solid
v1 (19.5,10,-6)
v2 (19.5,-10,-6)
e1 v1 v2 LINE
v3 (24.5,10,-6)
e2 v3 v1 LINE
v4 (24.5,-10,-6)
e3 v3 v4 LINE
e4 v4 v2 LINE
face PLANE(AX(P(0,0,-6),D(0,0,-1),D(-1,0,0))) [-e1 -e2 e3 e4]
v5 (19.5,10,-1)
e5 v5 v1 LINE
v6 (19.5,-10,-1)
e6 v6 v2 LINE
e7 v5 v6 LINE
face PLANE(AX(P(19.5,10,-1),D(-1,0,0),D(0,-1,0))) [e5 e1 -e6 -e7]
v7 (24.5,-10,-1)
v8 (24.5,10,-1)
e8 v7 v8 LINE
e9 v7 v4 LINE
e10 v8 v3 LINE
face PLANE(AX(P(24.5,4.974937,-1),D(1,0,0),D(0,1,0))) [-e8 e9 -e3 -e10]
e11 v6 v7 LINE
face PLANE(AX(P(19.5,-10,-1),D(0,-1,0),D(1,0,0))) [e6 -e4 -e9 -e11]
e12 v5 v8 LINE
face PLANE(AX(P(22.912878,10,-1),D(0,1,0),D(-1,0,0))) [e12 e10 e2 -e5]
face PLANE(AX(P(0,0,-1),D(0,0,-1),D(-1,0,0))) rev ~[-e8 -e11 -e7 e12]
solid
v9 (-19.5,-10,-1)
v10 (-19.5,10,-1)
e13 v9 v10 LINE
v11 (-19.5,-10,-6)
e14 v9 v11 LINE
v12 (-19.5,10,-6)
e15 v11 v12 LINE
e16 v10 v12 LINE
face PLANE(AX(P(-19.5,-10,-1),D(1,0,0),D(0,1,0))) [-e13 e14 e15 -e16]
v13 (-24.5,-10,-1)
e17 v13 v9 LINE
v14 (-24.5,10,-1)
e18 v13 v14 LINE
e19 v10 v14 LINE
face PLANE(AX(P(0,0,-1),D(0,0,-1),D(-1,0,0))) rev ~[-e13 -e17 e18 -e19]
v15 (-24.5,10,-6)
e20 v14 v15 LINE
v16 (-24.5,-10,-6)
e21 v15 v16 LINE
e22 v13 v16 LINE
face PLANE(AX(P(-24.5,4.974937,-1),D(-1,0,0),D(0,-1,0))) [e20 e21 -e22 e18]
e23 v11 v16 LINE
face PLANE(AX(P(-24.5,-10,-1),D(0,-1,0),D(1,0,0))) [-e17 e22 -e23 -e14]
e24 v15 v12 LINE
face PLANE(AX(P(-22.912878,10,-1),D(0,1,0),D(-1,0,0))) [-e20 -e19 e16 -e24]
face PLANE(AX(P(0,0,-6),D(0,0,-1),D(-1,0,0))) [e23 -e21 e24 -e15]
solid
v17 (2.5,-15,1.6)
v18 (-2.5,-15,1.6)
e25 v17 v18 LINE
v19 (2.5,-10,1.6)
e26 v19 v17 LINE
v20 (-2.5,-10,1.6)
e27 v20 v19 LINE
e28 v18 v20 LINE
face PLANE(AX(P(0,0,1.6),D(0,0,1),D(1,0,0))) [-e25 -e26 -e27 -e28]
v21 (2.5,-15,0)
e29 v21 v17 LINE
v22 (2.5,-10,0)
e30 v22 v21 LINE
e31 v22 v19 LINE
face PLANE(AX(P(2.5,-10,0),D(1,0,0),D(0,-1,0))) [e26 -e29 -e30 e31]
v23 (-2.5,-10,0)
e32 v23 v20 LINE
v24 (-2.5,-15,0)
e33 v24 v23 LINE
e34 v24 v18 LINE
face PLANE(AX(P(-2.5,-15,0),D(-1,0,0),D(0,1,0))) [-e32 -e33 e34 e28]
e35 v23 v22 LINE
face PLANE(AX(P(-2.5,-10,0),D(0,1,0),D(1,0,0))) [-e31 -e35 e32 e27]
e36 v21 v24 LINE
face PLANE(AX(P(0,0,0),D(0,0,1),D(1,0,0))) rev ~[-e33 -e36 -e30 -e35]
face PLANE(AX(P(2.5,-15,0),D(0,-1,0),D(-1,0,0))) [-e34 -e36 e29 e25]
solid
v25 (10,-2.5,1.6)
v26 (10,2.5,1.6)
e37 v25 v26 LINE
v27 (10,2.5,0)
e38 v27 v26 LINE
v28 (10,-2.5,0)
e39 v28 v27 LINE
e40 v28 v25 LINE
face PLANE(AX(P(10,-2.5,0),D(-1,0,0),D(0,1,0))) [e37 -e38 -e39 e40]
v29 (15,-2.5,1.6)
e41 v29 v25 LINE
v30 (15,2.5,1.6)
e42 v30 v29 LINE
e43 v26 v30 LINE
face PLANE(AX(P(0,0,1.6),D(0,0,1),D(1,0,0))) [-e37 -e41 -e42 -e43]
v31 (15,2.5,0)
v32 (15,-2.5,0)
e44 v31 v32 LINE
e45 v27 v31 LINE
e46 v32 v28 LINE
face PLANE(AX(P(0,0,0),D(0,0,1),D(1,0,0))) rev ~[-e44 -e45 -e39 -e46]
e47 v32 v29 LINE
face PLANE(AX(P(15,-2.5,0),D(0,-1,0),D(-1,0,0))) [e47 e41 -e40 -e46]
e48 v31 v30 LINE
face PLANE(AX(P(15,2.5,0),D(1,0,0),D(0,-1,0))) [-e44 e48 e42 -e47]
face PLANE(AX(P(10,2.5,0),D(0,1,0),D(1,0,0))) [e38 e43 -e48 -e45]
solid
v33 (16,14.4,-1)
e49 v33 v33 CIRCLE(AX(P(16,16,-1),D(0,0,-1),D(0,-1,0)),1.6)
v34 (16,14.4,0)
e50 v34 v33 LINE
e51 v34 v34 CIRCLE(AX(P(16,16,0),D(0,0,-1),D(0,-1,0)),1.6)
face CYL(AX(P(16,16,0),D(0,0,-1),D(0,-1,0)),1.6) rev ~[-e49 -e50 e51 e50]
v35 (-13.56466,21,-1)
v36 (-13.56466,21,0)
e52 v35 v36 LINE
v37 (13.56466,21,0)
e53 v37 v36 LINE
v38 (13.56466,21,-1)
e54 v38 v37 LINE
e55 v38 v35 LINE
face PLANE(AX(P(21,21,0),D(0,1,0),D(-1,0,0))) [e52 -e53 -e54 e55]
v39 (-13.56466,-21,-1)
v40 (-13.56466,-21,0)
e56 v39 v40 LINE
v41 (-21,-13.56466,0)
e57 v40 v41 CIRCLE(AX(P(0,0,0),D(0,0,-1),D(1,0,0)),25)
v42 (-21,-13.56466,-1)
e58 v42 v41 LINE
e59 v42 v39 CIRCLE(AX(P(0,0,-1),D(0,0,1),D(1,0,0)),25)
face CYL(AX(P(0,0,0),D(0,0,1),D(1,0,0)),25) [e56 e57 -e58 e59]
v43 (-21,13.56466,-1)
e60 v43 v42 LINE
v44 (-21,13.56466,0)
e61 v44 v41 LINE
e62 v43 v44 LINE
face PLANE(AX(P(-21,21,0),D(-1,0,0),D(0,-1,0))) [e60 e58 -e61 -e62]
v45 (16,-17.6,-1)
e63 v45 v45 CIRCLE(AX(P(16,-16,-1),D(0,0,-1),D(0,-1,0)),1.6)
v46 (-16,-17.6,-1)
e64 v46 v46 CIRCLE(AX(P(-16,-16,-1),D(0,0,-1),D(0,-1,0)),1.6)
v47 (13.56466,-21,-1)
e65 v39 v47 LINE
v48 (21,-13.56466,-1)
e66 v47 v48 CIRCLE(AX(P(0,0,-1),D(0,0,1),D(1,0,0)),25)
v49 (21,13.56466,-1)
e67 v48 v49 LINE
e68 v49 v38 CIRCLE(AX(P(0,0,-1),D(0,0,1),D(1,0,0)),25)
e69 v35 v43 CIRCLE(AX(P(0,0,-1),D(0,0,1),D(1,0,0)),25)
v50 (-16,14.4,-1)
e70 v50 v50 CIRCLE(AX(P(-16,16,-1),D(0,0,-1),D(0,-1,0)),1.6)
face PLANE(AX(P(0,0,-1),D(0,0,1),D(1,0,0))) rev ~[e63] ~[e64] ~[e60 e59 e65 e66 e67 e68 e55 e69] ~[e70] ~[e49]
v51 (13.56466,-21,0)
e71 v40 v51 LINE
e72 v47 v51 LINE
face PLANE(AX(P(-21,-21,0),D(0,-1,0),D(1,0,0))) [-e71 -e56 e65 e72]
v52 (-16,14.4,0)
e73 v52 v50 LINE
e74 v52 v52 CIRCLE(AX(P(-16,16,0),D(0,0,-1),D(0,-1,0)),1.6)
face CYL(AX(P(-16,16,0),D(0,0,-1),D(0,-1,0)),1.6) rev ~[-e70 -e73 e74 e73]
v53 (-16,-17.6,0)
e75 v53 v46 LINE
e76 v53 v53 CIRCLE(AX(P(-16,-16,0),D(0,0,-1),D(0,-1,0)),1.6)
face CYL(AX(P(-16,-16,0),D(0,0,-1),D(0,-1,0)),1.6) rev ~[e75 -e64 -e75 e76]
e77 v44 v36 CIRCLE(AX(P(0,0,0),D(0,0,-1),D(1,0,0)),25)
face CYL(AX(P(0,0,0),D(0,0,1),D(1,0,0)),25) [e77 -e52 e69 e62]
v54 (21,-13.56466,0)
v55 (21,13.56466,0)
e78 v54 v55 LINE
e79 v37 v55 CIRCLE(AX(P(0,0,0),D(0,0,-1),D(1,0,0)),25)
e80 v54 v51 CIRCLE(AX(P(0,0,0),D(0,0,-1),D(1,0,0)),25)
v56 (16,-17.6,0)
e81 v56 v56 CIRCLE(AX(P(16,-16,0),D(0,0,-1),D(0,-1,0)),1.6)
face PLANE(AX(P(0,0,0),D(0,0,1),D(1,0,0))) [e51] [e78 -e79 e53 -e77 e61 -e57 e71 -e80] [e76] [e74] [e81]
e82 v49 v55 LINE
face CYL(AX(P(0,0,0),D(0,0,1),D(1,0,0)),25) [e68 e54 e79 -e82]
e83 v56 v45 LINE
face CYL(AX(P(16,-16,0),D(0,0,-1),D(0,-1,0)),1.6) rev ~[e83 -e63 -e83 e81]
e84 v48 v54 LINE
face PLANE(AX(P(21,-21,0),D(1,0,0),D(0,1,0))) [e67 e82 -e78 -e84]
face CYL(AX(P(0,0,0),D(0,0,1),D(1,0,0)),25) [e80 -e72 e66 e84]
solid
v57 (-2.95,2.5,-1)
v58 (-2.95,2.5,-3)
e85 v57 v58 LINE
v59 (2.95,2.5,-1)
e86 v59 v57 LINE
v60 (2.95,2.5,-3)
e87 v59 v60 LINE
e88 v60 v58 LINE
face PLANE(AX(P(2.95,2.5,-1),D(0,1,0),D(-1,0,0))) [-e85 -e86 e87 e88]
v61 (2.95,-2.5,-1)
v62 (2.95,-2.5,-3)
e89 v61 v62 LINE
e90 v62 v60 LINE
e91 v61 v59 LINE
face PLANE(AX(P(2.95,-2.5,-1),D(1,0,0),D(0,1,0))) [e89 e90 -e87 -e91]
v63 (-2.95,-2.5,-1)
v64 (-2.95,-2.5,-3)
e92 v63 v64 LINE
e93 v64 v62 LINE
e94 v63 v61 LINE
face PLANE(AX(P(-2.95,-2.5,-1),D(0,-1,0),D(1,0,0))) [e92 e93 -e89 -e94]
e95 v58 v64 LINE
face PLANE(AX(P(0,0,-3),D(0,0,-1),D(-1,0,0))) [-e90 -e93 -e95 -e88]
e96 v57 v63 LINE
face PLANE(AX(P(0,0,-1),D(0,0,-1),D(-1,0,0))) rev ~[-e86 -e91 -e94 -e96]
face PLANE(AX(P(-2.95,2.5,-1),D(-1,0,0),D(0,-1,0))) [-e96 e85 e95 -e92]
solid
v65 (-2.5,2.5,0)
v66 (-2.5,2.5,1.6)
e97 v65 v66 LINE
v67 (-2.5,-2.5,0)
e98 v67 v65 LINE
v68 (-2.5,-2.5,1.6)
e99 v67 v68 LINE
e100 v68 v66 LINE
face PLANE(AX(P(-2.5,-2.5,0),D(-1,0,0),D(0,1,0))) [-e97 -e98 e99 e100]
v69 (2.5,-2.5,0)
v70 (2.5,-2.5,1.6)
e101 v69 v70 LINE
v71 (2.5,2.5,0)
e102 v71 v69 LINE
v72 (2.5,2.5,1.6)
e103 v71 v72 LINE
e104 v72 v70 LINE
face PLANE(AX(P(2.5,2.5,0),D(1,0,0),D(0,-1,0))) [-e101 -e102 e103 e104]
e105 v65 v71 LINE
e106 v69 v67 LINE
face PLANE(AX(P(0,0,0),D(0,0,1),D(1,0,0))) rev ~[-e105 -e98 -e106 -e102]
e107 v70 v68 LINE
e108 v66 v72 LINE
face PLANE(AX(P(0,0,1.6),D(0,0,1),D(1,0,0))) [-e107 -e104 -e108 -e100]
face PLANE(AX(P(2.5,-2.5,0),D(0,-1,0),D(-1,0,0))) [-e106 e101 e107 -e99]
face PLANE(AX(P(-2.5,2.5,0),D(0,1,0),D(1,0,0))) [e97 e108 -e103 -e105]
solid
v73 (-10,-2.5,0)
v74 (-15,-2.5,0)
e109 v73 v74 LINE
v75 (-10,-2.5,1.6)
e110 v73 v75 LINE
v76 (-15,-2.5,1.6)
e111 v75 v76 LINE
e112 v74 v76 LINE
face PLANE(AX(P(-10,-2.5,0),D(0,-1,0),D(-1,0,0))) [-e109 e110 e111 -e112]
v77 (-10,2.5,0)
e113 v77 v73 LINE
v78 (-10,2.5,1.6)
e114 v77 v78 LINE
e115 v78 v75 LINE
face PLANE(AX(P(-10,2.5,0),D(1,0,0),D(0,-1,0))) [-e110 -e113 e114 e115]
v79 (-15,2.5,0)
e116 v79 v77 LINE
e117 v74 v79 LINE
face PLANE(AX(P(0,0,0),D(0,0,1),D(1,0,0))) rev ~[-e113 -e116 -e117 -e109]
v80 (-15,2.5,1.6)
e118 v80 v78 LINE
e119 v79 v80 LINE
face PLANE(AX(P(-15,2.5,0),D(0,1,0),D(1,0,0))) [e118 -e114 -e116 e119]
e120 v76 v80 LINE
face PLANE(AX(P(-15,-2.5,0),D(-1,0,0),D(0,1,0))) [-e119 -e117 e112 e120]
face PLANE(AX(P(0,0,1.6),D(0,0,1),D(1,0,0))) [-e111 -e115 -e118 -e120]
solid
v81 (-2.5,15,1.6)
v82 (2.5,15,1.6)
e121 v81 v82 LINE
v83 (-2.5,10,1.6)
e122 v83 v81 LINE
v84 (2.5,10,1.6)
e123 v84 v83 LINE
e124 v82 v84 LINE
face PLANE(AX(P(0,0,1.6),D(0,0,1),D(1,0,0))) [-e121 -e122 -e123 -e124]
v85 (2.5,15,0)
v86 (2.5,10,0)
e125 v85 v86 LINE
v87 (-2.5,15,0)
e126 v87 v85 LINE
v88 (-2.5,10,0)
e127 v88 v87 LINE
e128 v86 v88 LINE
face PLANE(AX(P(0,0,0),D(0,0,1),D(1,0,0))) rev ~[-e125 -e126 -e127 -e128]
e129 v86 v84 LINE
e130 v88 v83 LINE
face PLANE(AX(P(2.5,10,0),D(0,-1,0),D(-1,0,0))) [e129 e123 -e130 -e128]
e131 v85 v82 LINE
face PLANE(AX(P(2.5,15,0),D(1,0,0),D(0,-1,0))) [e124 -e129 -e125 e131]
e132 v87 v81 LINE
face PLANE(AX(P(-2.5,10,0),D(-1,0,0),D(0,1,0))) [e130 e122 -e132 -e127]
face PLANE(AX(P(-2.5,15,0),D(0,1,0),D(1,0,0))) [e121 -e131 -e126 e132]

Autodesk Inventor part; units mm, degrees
ref_plane "YZ Plane" through (0, 0, 0) normal (1, 0, 0) x (0, 1, 0)
ref_plane "XZ Plane" through (0, 0, 0) normal (0, 1, 0) x (-1, 0, 0)
ref_plane "XY Plane" through (0, 0, 0) normal (0, 0, 1) x (1, 0, 0)
sketch "Skizze1" plane through (0, 0, 0) normal (0, 0, 1) x (1, 0, 0)
  circle A0 centre (0, 0) radius 25
  circle A1 centre (0, 0) radius 22.6274 construction
  line L0 (-16, 16) -> (16, 16) construction
  line L1 (16, 16) -> (16, -16) construction
  line L2 (16, -16) -> (-16, -16) construction
  line L3 (-16, -16) -> (-16, 16) construction
  line L4 (-21, -21) -> (21, -21)
  line L5 (21, -21) -> (21, 21)
  line L6 (21, 21) -> (-21, 21)
  line L7 (-21, 21) -> (-21, -21)
  line L8 (-21, -21) -> (21, 21) construction
  line L9 (21, -21) -> (-21, 21) construction
  point P0 (16, 16)
  dimension "d2" = 32
  dimension "d92" = 50
  dimension "d95" = 42
extrude "Extrusion1" add sketch "Skizze1" against normal blind 1 contours A0 L5 | L5 A0 L4 L7 L6 | L6 A0 | A0 L4 | L7 A0
hole "Bohrung1" at (-16, 16, 0) at (16, 16, 0) at (16, -16, 0) at (-16, -16, 0) direction (0, 0, -1) diameter 3.2 end through all
sketch "Skizze2" plane through (0, 0, 0) normal (0, 0, 1) x (1, 0, 0)
  circle A0 centre (16, -16) radius 1.6 projected
  circle A1 centre (-16, 16) radius 1.6 projected
  circle A2 centre (16, 16) radius 1.6 projected
  circle A3 centre (-16, -16) radius 1.6 projected
  circle A4 centre (0, 0) radius 25 projected
  line L0 (-25.6213, 25.3721) -> (25.184, 25.3721) construction
  line L1 (25.184, 25.3721) -> (25.184, -25.4332) construction
  line L2 (25.184, -25.4332) -> (-25.6213, -25.4332) construction
  line L3 (-25.6213, -25.4332) -> (-25.6213, 25.3721) construction
sketch "Skizze3" plane through (0, 0, 0) normal (0, 0, 1) x (1, 0, 0)
  circle A0 centre (0, 0) radius 25 projected
  line L0 (-2.5, 2.5) -> (2.5, 2.5)
  line L1 (2.5, 2.5) -> (2.5, -2.5)
  line L2 (2.5, -2.5) -> (-2.5, -2.5)
  line L3 (-2.5, -2.5) -> (-2.5, 2.5)
  line L4 (-15, 2.5) -> (-10, 2.5)
  line L5 (-10, 2.5) -> (-10, -2.5)
  line L6 (-10, -2.5) -> (-15, -2.5)
  line L7 (-15, -2.5) -> (-15, 2.5)
  line L8 (-15, 2.5) -> (-10, -2.5) construction
  line L9 (-2.5, 2.5) -> (2.5, -2.5) construction
  line L10 (2.5, -2.5) -> (0, 0) construction
  line L11 (0, 0) -> (-12.5, 0) construction
  line L12 (-2.5, -15) -> (-2.5, -10)
  line L13 (-2.5, -10) -> (2.5, -10)
  line L14 (2.5, -10) -> (2.5, -15)
  line L15 (2.5, -15) -> (-2.5, -15)
  line L16 (15, -2.5) -> (10, -2.5)
  line L17 (10, -2.5) -> (10, 2.5)
  line L18 (10, 2.5) -> (15, 2.5)
  line L19 (15, 2.5) -> (15, -2.5)
  line L20 (2.5, 15) -> (2.5, 10)
  line L21 (2.5, 10) -> (-2.5, 10)
  line L22 (-2.5, 10) -> (-2.5, 15)
  line L23 (-2.5, 15) -> (2.5, 15)
  dimension "d24" = 5
  dimension "d25" = 12.5
  dimension "d28" = 360
extrude "Extrusion2" add sketch "Skizze3" along normal blind 1.6 separate body contours L0 L1 L2 L3 | L4 L5 L6 L7 | L12 L13 L14 L15 | L16 L17 L18 L19 | L20 L21 L22 L23
sketch "Skizze4" plane through (0, 0, -1) normal (0, 0, -1) x (-1, 0, 0)
  circle A0 centre (0, 0) radius 25 projected
  line L0 (-2.95, 2.5) -> (2.95, 2.5)
  line L1 (2.95, 2.5) -> (2.95, -2.5)
  line L2 (2.95, -2.5) -> (-2.95, -2.5)
  line L3 (-2.95, -2.5) -> (-2.95, 2.5)
  line L4 (-2.95, -2.5) -> (2.95, 2.5) construction
  dimension "d33" = 5.9
  dimension "d34" = 5
extrude "Extrusion3" add sketch "Skizze4" along normal blind 2 separate body contours L0 L1 L2 L3
sketch "Skizze5" plane through (0, 0, -1) normal (0, 0, -1) x (-1, 0, 0)
  circle A0 centre (0, 0) radius 25 projected
  line L0 (-24.5, 10) -> (-19.5, 10)
  line L1 (-19.5, 10) -> (-19.5, -10)
  line L2 (-19.5, -10) -> (-24.5, -10)
  line L3 (-24.5, -10) -> (-24.5, 10)
  line L4 (19.5, 10) -> (24.5, 10)
  line L5 (24.5, 10) -> (24.5, -10)
  line L6 (24.5, -10) -> (19.5, -10)
  line L7 (19.5, -10) -> (19.5, 10)
  line L8 (-24.5, 0) -> (24.5, 0) construction
  line L9 (-22, 10) -> (-22, -10) construction
  point P0 (0, 0)
  dimension "d38" = 20
  dimension "d39" = 5
  dimension "d40" = 22
extrude "Extrusion4" add sketch "Skizze5" along normal blind 5 contours L5 A0 L6 L7 L4 | A0 L4 L5 | L5 L6 A0 | L0 L1 L2 A0 L3 | A0 L3 L0 | L2 L3 A0 bodies 3
sketch "Skizze6" plane through (0, 0, -1) normal (0, 0, -1) x (-1, 0, 0)
  line L0 (-26.2075, 26.1914) -> (26.4628, 26.1914) construction
  line L1 (26.4628, 26.1914) -> (26.4628, -26.479) construction
  line L2 (26.4628, -26.479) -> (-26.2075, -26.479) construction
  line L3 (-26.2075, -26.479) -> (-26.2075, 26.1914) construction
sketch "Skizze7" plane through (0, 0, 0) normal (0, 0, 1) x (1, 0, 0)
  line L0 (-21, -21) -> (21, -21)
  line L1 (21, -21) -> (21, 21)
  line L2 (21, 21) -> (-21, 21)
  line L3 (-21, 21) -> (-21, -21)
  line L4 (-21, -21) -> (21, 21) construction
  line L5 (21, -21) -> (-21, 21) construction
  line L6 (-26, -26) -> (26, -26)
  line L7 (26, -26) -> (26, 26)
  line L8 (26, 26) -> (-26, 26)
  line L9 (-26, 26) -> (-26, -26)
  line L10 (-26, -26) -> (26, 26) construction
  line L11 (26, -26) -> (-26, 26) construction
  point P0 (0, 0)
  dimension "d96" = 42
  dimension "d97" = 52
extrude "Extrusion5" cut sketch "Skizze7" against normal through all bodies 1
properties part number "encoder_neu"
